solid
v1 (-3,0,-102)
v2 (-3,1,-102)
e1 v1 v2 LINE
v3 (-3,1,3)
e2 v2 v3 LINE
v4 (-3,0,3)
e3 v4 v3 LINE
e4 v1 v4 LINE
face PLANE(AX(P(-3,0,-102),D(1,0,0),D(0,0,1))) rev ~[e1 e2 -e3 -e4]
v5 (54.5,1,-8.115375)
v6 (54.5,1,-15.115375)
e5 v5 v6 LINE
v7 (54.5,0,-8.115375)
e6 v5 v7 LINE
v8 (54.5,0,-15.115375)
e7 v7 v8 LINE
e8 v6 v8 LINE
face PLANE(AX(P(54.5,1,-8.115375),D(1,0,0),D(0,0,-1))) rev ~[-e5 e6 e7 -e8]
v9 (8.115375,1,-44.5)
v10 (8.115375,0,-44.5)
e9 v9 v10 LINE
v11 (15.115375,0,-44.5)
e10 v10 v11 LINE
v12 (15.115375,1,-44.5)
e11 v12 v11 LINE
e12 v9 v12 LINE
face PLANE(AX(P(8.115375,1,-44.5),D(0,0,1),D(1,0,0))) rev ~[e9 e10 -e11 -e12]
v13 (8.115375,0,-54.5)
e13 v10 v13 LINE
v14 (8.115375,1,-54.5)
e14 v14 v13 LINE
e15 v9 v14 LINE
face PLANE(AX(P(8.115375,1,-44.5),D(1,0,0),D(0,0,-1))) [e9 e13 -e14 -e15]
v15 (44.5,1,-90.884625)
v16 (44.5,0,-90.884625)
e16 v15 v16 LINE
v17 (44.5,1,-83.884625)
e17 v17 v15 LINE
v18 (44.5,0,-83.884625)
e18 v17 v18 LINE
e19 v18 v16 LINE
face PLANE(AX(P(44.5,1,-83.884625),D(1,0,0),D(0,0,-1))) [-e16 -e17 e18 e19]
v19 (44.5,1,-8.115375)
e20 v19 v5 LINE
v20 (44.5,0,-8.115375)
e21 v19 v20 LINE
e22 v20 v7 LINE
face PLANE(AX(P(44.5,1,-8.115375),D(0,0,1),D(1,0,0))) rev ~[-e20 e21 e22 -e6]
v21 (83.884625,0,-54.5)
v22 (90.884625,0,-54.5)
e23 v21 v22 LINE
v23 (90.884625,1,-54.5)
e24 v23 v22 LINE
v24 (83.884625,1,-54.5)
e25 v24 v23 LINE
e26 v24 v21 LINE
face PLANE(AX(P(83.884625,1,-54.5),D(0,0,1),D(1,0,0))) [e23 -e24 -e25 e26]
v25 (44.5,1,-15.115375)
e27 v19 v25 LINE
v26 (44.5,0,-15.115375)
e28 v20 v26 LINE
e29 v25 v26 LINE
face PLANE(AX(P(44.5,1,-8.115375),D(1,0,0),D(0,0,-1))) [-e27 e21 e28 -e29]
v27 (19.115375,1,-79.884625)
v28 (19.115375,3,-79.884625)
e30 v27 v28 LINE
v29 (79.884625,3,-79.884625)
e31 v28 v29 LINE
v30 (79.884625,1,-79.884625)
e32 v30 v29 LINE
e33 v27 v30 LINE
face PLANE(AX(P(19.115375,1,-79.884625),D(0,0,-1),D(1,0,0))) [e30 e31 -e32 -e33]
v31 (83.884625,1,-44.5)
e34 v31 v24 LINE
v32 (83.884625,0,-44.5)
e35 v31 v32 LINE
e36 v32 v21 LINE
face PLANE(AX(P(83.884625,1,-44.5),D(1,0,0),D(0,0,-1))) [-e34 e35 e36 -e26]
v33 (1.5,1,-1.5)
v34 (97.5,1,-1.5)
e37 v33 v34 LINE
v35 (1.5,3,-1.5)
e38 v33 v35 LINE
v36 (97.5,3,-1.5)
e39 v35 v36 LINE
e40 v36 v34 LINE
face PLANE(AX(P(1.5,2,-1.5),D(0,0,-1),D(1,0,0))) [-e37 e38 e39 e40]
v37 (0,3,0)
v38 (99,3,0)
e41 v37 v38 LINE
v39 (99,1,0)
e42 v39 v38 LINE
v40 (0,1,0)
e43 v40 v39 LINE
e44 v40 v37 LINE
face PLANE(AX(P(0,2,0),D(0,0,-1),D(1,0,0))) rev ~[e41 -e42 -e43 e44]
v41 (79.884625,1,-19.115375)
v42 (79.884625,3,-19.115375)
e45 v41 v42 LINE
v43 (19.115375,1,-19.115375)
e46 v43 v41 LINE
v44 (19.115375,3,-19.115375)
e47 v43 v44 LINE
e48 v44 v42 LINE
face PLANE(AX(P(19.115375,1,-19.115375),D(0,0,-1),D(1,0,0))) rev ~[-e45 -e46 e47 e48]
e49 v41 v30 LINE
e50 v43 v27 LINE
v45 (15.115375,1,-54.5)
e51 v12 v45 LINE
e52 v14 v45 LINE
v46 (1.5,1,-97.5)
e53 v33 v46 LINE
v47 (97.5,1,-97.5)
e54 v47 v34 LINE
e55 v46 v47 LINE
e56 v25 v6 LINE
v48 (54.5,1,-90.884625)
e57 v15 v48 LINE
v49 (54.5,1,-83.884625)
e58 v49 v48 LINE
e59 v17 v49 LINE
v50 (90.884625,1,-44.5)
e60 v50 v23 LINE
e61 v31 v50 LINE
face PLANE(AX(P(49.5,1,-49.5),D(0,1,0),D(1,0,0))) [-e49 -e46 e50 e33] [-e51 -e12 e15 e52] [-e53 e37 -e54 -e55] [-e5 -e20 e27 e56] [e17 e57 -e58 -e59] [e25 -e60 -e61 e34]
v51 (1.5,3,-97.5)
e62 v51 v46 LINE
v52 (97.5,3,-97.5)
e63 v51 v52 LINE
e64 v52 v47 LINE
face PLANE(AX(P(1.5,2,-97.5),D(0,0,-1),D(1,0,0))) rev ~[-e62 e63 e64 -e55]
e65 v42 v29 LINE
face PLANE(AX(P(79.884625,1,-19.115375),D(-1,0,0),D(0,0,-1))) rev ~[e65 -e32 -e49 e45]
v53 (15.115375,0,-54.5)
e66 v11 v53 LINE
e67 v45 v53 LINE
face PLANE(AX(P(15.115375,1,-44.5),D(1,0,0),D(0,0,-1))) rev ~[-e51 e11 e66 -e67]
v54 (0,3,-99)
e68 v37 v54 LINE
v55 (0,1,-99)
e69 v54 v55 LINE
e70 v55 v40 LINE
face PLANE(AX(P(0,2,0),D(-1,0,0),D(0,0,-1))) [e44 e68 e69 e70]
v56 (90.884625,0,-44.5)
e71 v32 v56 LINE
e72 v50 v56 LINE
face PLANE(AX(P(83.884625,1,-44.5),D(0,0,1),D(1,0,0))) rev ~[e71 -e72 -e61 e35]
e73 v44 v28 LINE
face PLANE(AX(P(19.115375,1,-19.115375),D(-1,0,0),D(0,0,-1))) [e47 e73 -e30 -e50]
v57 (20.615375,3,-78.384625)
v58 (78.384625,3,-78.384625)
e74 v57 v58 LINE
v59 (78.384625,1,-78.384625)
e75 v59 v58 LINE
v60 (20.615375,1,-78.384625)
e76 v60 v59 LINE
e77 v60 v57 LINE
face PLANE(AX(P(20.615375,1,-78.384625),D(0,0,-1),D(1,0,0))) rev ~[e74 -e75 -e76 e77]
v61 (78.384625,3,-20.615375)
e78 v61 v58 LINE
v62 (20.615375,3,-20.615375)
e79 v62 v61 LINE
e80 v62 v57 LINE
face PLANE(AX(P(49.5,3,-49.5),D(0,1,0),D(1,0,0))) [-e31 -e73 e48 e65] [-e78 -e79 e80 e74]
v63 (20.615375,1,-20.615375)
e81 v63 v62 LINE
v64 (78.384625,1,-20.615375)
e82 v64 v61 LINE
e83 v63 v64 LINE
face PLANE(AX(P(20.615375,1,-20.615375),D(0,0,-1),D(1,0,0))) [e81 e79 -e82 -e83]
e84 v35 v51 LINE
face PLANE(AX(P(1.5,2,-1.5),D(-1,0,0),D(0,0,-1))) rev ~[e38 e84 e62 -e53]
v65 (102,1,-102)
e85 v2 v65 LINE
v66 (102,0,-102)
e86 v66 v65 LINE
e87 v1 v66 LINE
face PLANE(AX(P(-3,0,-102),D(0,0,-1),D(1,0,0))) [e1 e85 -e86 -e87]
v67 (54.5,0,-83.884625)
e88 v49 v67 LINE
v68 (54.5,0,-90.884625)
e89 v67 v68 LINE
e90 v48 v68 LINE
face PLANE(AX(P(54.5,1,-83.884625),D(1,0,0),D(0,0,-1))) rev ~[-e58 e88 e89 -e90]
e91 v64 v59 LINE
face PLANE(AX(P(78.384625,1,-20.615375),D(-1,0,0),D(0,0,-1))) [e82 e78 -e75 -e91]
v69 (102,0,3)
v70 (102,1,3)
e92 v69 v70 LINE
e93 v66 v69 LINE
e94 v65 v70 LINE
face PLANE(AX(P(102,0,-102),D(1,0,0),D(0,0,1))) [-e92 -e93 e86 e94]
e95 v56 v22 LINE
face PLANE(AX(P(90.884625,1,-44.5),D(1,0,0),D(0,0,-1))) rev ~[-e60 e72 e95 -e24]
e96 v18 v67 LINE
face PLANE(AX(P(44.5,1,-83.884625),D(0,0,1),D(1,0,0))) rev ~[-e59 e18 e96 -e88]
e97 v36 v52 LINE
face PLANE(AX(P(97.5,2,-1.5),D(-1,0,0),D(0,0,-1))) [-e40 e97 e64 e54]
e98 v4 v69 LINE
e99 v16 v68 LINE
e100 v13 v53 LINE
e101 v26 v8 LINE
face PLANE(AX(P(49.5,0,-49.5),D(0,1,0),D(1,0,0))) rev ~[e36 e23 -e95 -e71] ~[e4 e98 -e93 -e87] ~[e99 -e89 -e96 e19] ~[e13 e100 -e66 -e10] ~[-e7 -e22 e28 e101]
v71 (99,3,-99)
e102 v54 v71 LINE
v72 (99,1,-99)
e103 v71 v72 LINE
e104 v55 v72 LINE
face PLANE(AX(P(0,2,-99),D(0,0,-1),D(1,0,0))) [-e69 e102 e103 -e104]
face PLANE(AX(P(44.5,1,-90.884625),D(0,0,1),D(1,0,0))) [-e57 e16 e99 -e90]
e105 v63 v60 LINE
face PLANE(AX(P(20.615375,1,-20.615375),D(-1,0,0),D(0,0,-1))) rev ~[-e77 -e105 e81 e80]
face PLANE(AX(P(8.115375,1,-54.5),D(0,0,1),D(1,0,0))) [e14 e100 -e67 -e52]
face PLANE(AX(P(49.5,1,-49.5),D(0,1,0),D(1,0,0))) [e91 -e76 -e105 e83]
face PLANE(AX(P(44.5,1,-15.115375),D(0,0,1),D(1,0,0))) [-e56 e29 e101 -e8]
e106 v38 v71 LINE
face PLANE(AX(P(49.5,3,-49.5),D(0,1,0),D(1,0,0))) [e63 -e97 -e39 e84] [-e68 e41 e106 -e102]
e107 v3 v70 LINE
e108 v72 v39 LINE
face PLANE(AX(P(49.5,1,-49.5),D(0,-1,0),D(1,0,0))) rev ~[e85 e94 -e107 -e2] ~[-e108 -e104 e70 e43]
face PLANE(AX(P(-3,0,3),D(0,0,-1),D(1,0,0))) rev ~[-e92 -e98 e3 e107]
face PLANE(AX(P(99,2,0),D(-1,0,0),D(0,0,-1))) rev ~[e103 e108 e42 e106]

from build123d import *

# Parameters (mm, degrees)
CROQUIS1_W              = 99
CROQUIS1_H              = 99
CROQUIS1_W_2            = 96
CROQUIS1_H_2            = 96
SALIENTE_EXTRUIR1_DEPTH = 2
CROQUIS2_W              = 96
CROQUIS2_H              = 5
CROQUIS2_H_2            = 8.6
SALIENTE_EXTRUIR2_DEPTH = 1
CROQUIS3_W              = 105
CROQUIS3_H              = 105
CROQUIS3_W_2            = 99
CROQUIS3_H_2            = 99
SALIENTE_EXTRUIR3_DEPTH = 1
CROQUIS6_W              = 96
CROQUIS6_H              = 96
SALIENTE_EXTRUIR5_DEPTH = 1
CROQUIS7_W              = 60.769249784
CROQUIS7_H              = 60.769249784
CROQUIS7_W_2            = 57.769249784
CROQUIS7_H_2            = 57.769249784
SALIENTE_EXTRUIR6_DEPTH = 2
CROQUIS8_W              = 10
CROQUIS8_H              = 7
CROQUIS8_W_2            = 7
CROQUIS8_H_2            = 10
CORTAR_EXTRUIR1_DEPTH   = 65
CROQUIS9_W              = 99
CROQUIS9_H              = 99
CROQUIS9_W_2            = 96
CROQUIS9_H_2            = 96
SALIENTE_EXTRUIR7_DEPTH = 1


with BuildPart() as part:
    # Croquis1 → Saliente-Extruir1 (new body)
    with BuildSketch(Plane(origin=(0, 0, 0), x_dir=(1, 0, 0), z_dir=(0, 1, 0))):
        with Locations((49.5, 49.5)):
            Rectangle(CROQUIS1_W, CROQUIS1_H)
        with Locations((49.5, 49.5)):
            Rectangle(CROQUIS1_W_2, CROQUIS1_H_2, mode=Mode.SUBTRACT)
    extrude(amount=SALIENTE_EXTRUIR1_DEPTH)

    # Croquis2 → Saliente-Extruir2 (add)
    with BuildSketch(Plane.XZ):
        with Locations((49.5, -52)):
            Rectangle(CROQUIS2_W, CROQUIS2_H)
        with Locations((49.5, -47)):
            Rectangle(CROQUIS2_W, CROQUIS2_H)
        with Locations((49.5, -67.4)):
            Rectangle(CROQUIS2_W, CROQUIS2_H_2)
        with Locations((49.5, -84.6)):
            Rectangle(CROQUIS2_W, CROQUIS2_H_2)
        with Locations((49.5, -31.6)):
            Rectangle(CROQUIS2_W, CROQUIS2_H_2)
        with Locations((49.5, -14.4)):
            Rectangle(CROQUIS2_W, CROQUIS2_H_2)
    extrude(amount=-SALIENTE_EXTRUIR2_DEPTH)

    # Croquis3 → Saliente-Extruir3 (add)
    with BuildSketch(Plane.XZ):
        with Locations((49.5, -49.5)):
            Rectangle(CROQUIS3_W, CROQUIS3_H)
        with Locations((49.5, -49.5)):
            Rectangle(CROQUIS3_W_2, CROQUIS3_H_2, mode=Mode.SUBTRACT)
    extrude(amount=-SALIENTE_EXTRUIR3_DEPTH)

    # Croquis6 → Saliente-Extruir5 (add)
    with BuildSketch(Plane(origin=(0, 1, 0), x_dir=(1, 0, 0), z_dir=(0, 1, 0))):
        with Locations((49.5, 49.5)):
            Rectangle(CROQUIS6_W, CROQUIS6_H)
    extrude(amount=-SALIENTE_EXTRUIR5_DEPTH)

    # Croquis7 → Saliente-Extruir6 (add)
    with BuildSketch(Plane(origin=(0, 1, 0), x_dir=(1, 0, 0), z_dir=(0, 1, 0))):
        with Locations((49.5, 49.5)):
            Rectangle(CROQUIS7_W, CROQUIS7_H)
        with Locations((49.5, 49.5)):
            Rectangle(CROQUIS7_W_2, CROQUIS7_H_2, mode=Mode.SUBTRACT)
    extrude(amount=SALIENTE_EXTRUIR6_DEPTH)

    # Croquis8 → Cortar-Extruir1 (cut)
    with BuildSketch(Plane(origin=(0, 1, 0), x_dir=(1, 0, 0), z_dir=(0, 1, 0))):
        with Locations((49.5, 11.615375108)):
            Rectangle(CROQUIS8_W, CROQUIS8_H)
        with Locations((11.615375108, 49.5)):
            Rectangle(CROQUIS8_W_2, CROQUIS8_H_2)
        with Locations((49.5, 87.384624892)):
            Rectangle(CROQUIS8_W, CROQUIS8_H)
        with Locations((87.384624892, 49.5)):
            Rectangle(CROQUIS8_W_2, CROQUIS8_H_2)
    extrude(amount=-CORTAR_EXTRUIR1_DEPTH, mode=Mode.SUBTRACT)

    # Croquis9 → Saliente-Extruir7 (add)
    with BuildSketch(Plane(origin=(0, 2, 0), x_dir=(1, 0, 0), z_dir=(0, 1, 0))):
        with Locations((49.5, 49.5)):
            Rectangle(CROQUIS9_W, CROQUIS9_H)
        with Locations((49.5, 49.5)):
            Rectangle(CROQUIS9_W_2, CROQUIS9_H_2, mode=Mode.SUBTRACT)
    extrude(amount=SALIENTE_EXTRUIR7_DEPTH)


solid = part.part
